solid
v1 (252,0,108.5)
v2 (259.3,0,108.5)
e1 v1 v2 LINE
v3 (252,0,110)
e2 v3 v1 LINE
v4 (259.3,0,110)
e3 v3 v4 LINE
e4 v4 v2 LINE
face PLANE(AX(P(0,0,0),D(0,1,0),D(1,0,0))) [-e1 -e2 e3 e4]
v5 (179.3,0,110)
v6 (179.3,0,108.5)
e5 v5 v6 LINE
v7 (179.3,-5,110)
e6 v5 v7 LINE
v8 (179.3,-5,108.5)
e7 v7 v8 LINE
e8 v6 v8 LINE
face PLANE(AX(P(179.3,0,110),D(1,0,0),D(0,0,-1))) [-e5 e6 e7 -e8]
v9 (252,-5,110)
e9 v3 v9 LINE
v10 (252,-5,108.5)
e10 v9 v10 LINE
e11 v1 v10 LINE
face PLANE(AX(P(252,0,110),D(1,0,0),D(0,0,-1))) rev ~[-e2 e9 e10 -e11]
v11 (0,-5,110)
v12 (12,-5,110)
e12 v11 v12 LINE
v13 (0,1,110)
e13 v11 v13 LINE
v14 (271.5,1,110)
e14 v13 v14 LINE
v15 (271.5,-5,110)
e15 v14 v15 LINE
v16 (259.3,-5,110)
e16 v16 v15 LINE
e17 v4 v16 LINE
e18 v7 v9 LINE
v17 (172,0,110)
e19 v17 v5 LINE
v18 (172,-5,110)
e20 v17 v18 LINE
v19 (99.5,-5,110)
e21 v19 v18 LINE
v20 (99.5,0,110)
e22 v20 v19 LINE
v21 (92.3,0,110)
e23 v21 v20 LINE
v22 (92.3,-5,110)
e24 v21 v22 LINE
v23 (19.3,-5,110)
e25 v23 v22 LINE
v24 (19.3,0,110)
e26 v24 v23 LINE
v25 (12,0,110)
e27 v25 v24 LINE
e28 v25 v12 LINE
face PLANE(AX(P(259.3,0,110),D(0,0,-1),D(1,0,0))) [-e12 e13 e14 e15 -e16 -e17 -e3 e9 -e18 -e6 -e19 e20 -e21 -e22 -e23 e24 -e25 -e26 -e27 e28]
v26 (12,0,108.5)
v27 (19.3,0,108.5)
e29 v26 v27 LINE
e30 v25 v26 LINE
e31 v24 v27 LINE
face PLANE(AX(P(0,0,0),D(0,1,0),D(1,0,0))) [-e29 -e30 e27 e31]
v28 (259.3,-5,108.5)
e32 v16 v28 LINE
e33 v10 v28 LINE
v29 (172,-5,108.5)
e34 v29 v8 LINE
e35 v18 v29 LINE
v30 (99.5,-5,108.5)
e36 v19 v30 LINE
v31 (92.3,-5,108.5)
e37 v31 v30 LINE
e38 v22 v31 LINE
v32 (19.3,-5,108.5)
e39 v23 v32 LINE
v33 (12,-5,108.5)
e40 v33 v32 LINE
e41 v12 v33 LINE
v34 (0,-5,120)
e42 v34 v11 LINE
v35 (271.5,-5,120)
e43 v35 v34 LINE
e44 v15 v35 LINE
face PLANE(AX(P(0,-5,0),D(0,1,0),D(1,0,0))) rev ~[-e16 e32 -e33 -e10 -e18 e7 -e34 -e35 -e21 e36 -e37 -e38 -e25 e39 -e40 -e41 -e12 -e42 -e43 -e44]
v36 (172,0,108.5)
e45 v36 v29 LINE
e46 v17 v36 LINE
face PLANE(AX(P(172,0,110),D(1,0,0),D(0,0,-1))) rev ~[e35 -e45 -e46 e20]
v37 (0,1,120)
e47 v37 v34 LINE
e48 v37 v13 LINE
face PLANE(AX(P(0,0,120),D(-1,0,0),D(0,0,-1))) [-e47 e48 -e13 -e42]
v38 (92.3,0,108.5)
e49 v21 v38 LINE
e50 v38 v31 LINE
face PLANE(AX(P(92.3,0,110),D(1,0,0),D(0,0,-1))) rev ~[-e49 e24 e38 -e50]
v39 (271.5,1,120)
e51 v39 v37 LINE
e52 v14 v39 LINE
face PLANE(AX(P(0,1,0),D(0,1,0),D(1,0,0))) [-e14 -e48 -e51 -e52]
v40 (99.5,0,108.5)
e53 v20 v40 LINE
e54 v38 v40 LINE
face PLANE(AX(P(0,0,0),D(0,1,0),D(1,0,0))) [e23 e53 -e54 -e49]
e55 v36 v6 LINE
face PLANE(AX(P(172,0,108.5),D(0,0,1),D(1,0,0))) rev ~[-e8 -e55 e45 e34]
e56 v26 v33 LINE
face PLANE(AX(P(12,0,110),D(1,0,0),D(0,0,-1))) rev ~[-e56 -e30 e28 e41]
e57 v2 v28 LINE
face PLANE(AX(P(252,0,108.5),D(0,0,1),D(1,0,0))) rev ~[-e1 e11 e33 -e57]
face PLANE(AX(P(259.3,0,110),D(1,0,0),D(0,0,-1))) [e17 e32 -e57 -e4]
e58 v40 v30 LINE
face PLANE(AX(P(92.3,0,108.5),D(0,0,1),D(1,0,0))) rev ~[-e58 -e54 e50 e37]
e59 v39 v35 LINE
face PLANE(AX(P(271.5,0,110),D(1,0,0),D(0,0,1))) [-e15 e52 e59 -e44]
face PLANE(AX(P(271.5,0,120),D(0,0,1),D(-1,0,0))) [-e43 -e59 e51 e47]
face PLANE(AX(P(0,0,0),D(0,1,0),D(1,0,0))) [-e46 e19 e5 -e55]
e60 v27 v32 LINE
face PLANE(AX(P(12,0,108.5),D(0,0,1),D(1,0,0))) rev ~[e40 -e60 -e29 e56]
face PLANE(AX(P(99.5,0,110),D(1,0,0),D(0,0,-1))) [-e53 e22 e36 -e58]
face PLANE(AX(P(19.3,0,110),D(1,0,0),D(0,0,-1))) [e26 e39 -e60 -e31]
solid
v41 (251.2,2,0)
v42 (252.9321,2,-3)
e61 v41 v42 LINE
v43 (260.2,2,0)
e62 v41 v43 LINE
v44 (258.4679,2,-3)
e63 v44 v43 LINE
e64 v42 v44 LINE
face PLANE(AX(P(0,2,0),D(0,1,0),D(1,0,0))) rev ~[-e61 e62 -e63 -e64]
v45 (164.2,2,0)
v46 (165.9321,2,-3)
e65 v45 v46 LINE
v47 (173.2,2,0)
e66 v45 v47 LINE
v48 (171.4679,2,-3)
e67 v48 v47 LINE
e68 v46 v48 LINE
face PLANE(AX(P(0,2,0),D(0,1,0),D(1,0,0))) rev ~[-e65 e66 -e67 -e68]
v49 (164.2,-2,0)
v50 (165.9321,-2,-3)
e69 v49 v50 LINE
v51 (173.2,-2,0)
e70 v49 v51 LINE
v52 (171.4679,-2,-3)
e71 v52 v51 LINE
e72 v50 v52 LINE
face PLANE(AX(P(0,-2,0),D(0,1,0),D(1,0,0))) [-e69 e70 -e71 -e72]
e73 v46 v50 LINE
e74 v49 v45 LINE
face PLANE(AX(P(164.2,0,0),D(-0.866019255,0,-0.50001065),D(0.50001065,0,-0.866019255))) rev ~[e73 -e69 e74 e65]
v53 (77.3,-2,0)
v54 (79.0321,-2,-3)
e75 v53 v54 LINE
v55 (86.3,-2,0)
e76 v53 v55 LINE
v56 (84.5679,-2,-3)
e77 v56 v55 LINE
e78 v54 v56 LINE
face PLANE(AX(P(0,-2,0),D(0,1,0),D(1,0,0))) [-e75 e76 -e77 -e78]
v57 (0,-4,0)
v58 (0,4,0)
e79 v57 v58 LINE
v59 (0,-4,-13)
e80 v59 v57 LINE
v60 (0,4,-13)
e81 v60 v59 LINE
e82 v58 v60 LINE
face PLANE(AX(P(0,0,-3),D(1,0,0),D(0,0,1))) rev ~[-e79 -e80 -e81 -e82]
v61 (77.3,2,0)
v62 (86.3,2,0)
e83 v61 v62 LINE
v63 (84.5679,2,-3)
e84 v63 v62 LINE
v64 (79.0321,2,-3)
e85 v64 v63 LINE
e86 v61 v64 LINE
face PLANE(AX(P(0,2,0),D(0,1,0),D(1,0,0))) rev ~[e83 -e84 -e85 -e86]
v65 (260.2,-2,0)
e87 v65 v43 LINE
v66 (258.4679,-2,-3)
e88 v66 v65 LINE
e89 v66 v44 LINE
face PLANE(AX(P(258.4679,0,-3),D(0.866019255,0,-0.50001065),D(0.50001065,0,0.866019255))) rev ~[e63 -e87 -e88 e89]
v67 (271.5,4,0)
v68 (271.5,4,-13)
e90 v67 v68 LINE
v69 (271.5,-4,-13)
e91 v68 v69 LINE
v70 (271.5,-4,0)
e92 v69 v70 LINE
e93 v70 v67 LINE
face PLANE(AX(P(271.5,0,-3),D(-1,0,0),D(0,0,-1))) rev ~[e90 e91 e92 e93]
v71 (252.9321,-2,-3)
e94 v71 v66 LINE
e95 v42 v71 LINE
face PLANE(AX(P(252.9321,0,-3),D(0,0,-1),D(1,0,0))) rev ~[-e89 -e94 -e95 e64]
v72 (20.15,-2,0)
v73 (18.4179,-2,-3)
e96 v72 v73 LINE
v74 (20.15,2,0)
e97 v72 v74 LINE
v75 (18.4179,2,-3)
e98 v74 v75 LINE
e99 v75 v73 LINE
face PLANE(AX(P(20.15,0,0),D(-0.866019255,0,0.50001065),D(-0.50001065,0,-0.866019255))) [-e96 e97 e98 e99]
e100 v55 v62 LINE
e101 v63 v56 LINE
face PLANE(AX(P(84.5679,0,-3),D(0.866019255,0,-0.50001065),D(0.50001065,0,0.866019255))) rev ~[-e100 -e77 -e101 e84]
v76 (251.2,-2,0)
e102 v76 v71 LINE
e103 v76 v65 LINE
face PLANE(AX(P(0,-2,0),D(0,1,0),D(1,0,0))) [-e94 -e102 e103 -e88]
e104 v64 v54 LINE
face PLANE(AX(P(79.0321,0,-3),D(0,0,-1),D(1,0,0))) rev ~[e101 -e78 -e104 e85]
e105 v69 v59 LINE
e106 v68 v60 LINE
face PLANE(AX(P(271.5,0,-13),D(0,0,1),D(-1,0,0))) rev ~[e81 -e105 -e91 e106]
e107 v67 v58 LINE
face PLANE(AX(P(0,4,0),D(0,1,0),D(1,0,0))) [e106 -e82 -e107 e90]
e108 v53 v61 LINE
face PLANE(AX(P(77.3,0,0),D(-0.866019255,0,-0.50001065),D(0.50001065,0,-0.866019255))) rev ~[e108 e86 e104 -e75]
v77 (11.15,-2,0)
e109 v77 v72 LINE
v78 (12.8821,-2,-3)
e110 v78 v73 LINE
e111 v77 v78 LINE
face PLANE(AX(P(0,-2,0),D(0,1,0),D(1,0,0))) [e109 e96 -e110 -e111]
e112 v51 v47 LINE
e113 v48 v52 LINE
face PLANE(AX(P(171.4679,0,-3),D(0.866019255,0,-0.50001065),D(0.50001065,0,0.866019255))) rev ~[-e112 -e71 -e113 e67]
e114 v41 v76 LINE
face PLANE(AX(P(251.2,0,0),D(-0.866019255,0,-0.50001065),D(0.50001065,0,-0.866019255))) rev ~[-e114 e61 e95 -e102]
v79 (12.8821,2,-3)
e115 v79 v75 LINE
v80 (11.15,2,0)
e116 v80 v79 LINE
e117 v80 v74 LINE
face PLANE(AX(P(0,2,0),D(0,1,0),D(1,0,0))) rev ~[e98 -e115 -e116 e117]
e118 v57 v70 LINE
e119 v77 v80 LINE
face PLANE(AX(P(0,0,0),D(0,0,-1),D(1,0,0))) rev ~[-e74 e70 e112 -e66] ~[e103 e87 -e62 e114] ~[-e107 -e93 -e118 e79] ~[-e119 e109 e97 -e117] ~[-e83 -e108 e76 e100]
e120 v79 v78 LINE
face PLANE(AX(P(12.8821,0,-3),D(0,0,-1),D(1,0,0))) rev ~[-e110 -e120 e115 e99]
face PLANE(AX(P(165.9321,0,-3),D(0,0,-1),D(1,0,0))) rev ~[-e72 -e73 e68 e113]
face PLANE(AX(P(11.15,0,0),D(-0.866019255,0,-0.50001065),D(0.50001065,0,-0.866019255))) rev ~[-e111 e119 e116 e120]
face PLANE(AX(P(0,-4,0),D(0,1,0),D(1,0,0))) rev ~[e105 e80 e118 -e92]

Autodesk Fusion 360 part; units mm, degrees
sketch "Sketch1" plane through (0, 0, 0) normal (0, 1, 0) x (1, 0, 0)
  line L0 (0, 0) -> (271.5, 0)
  line L1 (271.5, 0) -> (271.5, 3)
  line L2 (271.5, 3) -> (0, 3) construction
  line L3 (0, 3) -> (0, 0)
  line L4 (271.5, 3) -> (271.5, 13)
  line L5 (271.5, 13) -> (0, 13)
  line L6 (0, 13) -> (0, 3)
  line L7 (11.15, 0) -> (12.8821, 3)
  line L8 (77.3, 0) -> (79.0321, 3)
  line L9 (164.2, 0) -> (165.9321, 3)
  line L10 (251.2, 0) -> (252.9321, 3)
  line L11 (20.15, 0) -> (18.4179, 3)
  line L12 (84.5679, 3) -> (86.3, 0)
  line L13 (171.4679, 3) -> (173.2, 0)
  line L14 (258.4679, 3) -> (260.2, 0)
  line L15 (252.9321, 3) -> (258.4679, 3)
  line L16 (165.9321, 3) -> (171.4679, 3)
  line L17 (12.8821, 3) -> (18.4179, 3)
  line L18 (79.0321, 3) -> (84.5679, 3)
  line L19 (11.15, 0) -> (20.15, 0) construction
  line L20 (86.3, 0) -> (77.3, 0) construction
  line L21 (173.2, 0) -> (164.2, 0) construction
  line L22 (260.2, 0) -> (251.2, 0) construction
  line L23 (0, 0) -> (271.5, 0) construction
  line L24 (271.5, 0) -> (271.5, -110) construction
  line L25 (271.5, -110) -> (0, -110) construction
  line L26 (0, -110) -> (0, 0) construction
  line L27 (0, -108.5) -> (271.5, -108.5) construction
  line L28 (259.3, -110) -> (259.3, -108.5)
  line L29 (252, -110) -> (252, -108.5)
  line L30 (179.3, -110) -> (179.3, -108.5)
  line L31 (172, -110) -> (172, -108.5)
  line L32 (99.5, -110) -> (99.5, -108.5)
  line L33 (92.3, -110) -> (92.3, -108.5)
  line L34 (12, -110) -> (12, -108.5)
  line L35 (19.3, -110) -> (19.3, -108.5)
  line L36 (0, -110) -> (271.5, -110)
  line L37 (271.5, -110) -> (271.5, -120)
  line L38 (271.5, -120) -> (0, -120)
  line L39 (0, -120) -> (0, -110)
  line L40 (12, -108.5) -> (19.3, -108.5)
  line L41 (92.3, -108.5) -> (99.5, -108.5)
  line L42 (172, -108.5) -> (179.3, -108.5)
  line L43 (252, -108.5) -> (259.3, -108.5)
  point P0 (255.7, 0)
  point P1 (168.7, 0)
  point P2 (81.8, 0)
  point P3 (15.65, 0)
  dimension "d1" = 271.5
  dimension "d2" = 3
  dimension "d3" = 10
  dimension "d4" = 60
  dimension "d9" = 60
  dimension "d18" = 9
  dimension "d19" = 168.7
  dimension "d20" = 255.7
  dimension "d21" = 81.8
  dimension "d22" = 15.65
  dimension "d23" = 110
  dimension "d24" = 1.5
  dimension "d25" = 12.2
  dimension "d26" = 19.5
  dimension "d27" = 92.2
  dimension "d28" = 99.5
  dimension "d29" = 172
  dimension "d30" = 179.2
  dimension "d31" = 259.5
  dimension "d32" = 252.2
  dimension "d33" = 10
extrude "Extrude1" add sketch "Sketch1" along normal mid plane 8 contours L0 L1 L3 L4 L5 L6 L7 L8 L9 L10 L11 L12 L13 L14 L15 L16 L17 L18 | L0 L7 L11 L17 | L0 L8 L12 L18 | L0 L9 L13 L16 | L0 L10 L14 L15 makes body 1
extrude "Extrude2" cut sketch "Sketch1" along normal mid plane 4 contours L0 L7 L11 L17 | L0 L8 L12 L18 | L0 L9 L13 L16 | L0 L10 L14 L15 bodies 1
extrude "Extrude3" add sketch "Sketch1" against normal blind 5 separate body contours L28 L29 L36 L43 | L36 L37 L38 L39 | L30 L31 L36 L42 | L32 L33 L36 L41 | L34 L35 L36 L40 makes body 2
extrude "Extrude4" add sketch "Sketch1" along normal blind 1 contours L36 L37 L38 L39 bodies 2
